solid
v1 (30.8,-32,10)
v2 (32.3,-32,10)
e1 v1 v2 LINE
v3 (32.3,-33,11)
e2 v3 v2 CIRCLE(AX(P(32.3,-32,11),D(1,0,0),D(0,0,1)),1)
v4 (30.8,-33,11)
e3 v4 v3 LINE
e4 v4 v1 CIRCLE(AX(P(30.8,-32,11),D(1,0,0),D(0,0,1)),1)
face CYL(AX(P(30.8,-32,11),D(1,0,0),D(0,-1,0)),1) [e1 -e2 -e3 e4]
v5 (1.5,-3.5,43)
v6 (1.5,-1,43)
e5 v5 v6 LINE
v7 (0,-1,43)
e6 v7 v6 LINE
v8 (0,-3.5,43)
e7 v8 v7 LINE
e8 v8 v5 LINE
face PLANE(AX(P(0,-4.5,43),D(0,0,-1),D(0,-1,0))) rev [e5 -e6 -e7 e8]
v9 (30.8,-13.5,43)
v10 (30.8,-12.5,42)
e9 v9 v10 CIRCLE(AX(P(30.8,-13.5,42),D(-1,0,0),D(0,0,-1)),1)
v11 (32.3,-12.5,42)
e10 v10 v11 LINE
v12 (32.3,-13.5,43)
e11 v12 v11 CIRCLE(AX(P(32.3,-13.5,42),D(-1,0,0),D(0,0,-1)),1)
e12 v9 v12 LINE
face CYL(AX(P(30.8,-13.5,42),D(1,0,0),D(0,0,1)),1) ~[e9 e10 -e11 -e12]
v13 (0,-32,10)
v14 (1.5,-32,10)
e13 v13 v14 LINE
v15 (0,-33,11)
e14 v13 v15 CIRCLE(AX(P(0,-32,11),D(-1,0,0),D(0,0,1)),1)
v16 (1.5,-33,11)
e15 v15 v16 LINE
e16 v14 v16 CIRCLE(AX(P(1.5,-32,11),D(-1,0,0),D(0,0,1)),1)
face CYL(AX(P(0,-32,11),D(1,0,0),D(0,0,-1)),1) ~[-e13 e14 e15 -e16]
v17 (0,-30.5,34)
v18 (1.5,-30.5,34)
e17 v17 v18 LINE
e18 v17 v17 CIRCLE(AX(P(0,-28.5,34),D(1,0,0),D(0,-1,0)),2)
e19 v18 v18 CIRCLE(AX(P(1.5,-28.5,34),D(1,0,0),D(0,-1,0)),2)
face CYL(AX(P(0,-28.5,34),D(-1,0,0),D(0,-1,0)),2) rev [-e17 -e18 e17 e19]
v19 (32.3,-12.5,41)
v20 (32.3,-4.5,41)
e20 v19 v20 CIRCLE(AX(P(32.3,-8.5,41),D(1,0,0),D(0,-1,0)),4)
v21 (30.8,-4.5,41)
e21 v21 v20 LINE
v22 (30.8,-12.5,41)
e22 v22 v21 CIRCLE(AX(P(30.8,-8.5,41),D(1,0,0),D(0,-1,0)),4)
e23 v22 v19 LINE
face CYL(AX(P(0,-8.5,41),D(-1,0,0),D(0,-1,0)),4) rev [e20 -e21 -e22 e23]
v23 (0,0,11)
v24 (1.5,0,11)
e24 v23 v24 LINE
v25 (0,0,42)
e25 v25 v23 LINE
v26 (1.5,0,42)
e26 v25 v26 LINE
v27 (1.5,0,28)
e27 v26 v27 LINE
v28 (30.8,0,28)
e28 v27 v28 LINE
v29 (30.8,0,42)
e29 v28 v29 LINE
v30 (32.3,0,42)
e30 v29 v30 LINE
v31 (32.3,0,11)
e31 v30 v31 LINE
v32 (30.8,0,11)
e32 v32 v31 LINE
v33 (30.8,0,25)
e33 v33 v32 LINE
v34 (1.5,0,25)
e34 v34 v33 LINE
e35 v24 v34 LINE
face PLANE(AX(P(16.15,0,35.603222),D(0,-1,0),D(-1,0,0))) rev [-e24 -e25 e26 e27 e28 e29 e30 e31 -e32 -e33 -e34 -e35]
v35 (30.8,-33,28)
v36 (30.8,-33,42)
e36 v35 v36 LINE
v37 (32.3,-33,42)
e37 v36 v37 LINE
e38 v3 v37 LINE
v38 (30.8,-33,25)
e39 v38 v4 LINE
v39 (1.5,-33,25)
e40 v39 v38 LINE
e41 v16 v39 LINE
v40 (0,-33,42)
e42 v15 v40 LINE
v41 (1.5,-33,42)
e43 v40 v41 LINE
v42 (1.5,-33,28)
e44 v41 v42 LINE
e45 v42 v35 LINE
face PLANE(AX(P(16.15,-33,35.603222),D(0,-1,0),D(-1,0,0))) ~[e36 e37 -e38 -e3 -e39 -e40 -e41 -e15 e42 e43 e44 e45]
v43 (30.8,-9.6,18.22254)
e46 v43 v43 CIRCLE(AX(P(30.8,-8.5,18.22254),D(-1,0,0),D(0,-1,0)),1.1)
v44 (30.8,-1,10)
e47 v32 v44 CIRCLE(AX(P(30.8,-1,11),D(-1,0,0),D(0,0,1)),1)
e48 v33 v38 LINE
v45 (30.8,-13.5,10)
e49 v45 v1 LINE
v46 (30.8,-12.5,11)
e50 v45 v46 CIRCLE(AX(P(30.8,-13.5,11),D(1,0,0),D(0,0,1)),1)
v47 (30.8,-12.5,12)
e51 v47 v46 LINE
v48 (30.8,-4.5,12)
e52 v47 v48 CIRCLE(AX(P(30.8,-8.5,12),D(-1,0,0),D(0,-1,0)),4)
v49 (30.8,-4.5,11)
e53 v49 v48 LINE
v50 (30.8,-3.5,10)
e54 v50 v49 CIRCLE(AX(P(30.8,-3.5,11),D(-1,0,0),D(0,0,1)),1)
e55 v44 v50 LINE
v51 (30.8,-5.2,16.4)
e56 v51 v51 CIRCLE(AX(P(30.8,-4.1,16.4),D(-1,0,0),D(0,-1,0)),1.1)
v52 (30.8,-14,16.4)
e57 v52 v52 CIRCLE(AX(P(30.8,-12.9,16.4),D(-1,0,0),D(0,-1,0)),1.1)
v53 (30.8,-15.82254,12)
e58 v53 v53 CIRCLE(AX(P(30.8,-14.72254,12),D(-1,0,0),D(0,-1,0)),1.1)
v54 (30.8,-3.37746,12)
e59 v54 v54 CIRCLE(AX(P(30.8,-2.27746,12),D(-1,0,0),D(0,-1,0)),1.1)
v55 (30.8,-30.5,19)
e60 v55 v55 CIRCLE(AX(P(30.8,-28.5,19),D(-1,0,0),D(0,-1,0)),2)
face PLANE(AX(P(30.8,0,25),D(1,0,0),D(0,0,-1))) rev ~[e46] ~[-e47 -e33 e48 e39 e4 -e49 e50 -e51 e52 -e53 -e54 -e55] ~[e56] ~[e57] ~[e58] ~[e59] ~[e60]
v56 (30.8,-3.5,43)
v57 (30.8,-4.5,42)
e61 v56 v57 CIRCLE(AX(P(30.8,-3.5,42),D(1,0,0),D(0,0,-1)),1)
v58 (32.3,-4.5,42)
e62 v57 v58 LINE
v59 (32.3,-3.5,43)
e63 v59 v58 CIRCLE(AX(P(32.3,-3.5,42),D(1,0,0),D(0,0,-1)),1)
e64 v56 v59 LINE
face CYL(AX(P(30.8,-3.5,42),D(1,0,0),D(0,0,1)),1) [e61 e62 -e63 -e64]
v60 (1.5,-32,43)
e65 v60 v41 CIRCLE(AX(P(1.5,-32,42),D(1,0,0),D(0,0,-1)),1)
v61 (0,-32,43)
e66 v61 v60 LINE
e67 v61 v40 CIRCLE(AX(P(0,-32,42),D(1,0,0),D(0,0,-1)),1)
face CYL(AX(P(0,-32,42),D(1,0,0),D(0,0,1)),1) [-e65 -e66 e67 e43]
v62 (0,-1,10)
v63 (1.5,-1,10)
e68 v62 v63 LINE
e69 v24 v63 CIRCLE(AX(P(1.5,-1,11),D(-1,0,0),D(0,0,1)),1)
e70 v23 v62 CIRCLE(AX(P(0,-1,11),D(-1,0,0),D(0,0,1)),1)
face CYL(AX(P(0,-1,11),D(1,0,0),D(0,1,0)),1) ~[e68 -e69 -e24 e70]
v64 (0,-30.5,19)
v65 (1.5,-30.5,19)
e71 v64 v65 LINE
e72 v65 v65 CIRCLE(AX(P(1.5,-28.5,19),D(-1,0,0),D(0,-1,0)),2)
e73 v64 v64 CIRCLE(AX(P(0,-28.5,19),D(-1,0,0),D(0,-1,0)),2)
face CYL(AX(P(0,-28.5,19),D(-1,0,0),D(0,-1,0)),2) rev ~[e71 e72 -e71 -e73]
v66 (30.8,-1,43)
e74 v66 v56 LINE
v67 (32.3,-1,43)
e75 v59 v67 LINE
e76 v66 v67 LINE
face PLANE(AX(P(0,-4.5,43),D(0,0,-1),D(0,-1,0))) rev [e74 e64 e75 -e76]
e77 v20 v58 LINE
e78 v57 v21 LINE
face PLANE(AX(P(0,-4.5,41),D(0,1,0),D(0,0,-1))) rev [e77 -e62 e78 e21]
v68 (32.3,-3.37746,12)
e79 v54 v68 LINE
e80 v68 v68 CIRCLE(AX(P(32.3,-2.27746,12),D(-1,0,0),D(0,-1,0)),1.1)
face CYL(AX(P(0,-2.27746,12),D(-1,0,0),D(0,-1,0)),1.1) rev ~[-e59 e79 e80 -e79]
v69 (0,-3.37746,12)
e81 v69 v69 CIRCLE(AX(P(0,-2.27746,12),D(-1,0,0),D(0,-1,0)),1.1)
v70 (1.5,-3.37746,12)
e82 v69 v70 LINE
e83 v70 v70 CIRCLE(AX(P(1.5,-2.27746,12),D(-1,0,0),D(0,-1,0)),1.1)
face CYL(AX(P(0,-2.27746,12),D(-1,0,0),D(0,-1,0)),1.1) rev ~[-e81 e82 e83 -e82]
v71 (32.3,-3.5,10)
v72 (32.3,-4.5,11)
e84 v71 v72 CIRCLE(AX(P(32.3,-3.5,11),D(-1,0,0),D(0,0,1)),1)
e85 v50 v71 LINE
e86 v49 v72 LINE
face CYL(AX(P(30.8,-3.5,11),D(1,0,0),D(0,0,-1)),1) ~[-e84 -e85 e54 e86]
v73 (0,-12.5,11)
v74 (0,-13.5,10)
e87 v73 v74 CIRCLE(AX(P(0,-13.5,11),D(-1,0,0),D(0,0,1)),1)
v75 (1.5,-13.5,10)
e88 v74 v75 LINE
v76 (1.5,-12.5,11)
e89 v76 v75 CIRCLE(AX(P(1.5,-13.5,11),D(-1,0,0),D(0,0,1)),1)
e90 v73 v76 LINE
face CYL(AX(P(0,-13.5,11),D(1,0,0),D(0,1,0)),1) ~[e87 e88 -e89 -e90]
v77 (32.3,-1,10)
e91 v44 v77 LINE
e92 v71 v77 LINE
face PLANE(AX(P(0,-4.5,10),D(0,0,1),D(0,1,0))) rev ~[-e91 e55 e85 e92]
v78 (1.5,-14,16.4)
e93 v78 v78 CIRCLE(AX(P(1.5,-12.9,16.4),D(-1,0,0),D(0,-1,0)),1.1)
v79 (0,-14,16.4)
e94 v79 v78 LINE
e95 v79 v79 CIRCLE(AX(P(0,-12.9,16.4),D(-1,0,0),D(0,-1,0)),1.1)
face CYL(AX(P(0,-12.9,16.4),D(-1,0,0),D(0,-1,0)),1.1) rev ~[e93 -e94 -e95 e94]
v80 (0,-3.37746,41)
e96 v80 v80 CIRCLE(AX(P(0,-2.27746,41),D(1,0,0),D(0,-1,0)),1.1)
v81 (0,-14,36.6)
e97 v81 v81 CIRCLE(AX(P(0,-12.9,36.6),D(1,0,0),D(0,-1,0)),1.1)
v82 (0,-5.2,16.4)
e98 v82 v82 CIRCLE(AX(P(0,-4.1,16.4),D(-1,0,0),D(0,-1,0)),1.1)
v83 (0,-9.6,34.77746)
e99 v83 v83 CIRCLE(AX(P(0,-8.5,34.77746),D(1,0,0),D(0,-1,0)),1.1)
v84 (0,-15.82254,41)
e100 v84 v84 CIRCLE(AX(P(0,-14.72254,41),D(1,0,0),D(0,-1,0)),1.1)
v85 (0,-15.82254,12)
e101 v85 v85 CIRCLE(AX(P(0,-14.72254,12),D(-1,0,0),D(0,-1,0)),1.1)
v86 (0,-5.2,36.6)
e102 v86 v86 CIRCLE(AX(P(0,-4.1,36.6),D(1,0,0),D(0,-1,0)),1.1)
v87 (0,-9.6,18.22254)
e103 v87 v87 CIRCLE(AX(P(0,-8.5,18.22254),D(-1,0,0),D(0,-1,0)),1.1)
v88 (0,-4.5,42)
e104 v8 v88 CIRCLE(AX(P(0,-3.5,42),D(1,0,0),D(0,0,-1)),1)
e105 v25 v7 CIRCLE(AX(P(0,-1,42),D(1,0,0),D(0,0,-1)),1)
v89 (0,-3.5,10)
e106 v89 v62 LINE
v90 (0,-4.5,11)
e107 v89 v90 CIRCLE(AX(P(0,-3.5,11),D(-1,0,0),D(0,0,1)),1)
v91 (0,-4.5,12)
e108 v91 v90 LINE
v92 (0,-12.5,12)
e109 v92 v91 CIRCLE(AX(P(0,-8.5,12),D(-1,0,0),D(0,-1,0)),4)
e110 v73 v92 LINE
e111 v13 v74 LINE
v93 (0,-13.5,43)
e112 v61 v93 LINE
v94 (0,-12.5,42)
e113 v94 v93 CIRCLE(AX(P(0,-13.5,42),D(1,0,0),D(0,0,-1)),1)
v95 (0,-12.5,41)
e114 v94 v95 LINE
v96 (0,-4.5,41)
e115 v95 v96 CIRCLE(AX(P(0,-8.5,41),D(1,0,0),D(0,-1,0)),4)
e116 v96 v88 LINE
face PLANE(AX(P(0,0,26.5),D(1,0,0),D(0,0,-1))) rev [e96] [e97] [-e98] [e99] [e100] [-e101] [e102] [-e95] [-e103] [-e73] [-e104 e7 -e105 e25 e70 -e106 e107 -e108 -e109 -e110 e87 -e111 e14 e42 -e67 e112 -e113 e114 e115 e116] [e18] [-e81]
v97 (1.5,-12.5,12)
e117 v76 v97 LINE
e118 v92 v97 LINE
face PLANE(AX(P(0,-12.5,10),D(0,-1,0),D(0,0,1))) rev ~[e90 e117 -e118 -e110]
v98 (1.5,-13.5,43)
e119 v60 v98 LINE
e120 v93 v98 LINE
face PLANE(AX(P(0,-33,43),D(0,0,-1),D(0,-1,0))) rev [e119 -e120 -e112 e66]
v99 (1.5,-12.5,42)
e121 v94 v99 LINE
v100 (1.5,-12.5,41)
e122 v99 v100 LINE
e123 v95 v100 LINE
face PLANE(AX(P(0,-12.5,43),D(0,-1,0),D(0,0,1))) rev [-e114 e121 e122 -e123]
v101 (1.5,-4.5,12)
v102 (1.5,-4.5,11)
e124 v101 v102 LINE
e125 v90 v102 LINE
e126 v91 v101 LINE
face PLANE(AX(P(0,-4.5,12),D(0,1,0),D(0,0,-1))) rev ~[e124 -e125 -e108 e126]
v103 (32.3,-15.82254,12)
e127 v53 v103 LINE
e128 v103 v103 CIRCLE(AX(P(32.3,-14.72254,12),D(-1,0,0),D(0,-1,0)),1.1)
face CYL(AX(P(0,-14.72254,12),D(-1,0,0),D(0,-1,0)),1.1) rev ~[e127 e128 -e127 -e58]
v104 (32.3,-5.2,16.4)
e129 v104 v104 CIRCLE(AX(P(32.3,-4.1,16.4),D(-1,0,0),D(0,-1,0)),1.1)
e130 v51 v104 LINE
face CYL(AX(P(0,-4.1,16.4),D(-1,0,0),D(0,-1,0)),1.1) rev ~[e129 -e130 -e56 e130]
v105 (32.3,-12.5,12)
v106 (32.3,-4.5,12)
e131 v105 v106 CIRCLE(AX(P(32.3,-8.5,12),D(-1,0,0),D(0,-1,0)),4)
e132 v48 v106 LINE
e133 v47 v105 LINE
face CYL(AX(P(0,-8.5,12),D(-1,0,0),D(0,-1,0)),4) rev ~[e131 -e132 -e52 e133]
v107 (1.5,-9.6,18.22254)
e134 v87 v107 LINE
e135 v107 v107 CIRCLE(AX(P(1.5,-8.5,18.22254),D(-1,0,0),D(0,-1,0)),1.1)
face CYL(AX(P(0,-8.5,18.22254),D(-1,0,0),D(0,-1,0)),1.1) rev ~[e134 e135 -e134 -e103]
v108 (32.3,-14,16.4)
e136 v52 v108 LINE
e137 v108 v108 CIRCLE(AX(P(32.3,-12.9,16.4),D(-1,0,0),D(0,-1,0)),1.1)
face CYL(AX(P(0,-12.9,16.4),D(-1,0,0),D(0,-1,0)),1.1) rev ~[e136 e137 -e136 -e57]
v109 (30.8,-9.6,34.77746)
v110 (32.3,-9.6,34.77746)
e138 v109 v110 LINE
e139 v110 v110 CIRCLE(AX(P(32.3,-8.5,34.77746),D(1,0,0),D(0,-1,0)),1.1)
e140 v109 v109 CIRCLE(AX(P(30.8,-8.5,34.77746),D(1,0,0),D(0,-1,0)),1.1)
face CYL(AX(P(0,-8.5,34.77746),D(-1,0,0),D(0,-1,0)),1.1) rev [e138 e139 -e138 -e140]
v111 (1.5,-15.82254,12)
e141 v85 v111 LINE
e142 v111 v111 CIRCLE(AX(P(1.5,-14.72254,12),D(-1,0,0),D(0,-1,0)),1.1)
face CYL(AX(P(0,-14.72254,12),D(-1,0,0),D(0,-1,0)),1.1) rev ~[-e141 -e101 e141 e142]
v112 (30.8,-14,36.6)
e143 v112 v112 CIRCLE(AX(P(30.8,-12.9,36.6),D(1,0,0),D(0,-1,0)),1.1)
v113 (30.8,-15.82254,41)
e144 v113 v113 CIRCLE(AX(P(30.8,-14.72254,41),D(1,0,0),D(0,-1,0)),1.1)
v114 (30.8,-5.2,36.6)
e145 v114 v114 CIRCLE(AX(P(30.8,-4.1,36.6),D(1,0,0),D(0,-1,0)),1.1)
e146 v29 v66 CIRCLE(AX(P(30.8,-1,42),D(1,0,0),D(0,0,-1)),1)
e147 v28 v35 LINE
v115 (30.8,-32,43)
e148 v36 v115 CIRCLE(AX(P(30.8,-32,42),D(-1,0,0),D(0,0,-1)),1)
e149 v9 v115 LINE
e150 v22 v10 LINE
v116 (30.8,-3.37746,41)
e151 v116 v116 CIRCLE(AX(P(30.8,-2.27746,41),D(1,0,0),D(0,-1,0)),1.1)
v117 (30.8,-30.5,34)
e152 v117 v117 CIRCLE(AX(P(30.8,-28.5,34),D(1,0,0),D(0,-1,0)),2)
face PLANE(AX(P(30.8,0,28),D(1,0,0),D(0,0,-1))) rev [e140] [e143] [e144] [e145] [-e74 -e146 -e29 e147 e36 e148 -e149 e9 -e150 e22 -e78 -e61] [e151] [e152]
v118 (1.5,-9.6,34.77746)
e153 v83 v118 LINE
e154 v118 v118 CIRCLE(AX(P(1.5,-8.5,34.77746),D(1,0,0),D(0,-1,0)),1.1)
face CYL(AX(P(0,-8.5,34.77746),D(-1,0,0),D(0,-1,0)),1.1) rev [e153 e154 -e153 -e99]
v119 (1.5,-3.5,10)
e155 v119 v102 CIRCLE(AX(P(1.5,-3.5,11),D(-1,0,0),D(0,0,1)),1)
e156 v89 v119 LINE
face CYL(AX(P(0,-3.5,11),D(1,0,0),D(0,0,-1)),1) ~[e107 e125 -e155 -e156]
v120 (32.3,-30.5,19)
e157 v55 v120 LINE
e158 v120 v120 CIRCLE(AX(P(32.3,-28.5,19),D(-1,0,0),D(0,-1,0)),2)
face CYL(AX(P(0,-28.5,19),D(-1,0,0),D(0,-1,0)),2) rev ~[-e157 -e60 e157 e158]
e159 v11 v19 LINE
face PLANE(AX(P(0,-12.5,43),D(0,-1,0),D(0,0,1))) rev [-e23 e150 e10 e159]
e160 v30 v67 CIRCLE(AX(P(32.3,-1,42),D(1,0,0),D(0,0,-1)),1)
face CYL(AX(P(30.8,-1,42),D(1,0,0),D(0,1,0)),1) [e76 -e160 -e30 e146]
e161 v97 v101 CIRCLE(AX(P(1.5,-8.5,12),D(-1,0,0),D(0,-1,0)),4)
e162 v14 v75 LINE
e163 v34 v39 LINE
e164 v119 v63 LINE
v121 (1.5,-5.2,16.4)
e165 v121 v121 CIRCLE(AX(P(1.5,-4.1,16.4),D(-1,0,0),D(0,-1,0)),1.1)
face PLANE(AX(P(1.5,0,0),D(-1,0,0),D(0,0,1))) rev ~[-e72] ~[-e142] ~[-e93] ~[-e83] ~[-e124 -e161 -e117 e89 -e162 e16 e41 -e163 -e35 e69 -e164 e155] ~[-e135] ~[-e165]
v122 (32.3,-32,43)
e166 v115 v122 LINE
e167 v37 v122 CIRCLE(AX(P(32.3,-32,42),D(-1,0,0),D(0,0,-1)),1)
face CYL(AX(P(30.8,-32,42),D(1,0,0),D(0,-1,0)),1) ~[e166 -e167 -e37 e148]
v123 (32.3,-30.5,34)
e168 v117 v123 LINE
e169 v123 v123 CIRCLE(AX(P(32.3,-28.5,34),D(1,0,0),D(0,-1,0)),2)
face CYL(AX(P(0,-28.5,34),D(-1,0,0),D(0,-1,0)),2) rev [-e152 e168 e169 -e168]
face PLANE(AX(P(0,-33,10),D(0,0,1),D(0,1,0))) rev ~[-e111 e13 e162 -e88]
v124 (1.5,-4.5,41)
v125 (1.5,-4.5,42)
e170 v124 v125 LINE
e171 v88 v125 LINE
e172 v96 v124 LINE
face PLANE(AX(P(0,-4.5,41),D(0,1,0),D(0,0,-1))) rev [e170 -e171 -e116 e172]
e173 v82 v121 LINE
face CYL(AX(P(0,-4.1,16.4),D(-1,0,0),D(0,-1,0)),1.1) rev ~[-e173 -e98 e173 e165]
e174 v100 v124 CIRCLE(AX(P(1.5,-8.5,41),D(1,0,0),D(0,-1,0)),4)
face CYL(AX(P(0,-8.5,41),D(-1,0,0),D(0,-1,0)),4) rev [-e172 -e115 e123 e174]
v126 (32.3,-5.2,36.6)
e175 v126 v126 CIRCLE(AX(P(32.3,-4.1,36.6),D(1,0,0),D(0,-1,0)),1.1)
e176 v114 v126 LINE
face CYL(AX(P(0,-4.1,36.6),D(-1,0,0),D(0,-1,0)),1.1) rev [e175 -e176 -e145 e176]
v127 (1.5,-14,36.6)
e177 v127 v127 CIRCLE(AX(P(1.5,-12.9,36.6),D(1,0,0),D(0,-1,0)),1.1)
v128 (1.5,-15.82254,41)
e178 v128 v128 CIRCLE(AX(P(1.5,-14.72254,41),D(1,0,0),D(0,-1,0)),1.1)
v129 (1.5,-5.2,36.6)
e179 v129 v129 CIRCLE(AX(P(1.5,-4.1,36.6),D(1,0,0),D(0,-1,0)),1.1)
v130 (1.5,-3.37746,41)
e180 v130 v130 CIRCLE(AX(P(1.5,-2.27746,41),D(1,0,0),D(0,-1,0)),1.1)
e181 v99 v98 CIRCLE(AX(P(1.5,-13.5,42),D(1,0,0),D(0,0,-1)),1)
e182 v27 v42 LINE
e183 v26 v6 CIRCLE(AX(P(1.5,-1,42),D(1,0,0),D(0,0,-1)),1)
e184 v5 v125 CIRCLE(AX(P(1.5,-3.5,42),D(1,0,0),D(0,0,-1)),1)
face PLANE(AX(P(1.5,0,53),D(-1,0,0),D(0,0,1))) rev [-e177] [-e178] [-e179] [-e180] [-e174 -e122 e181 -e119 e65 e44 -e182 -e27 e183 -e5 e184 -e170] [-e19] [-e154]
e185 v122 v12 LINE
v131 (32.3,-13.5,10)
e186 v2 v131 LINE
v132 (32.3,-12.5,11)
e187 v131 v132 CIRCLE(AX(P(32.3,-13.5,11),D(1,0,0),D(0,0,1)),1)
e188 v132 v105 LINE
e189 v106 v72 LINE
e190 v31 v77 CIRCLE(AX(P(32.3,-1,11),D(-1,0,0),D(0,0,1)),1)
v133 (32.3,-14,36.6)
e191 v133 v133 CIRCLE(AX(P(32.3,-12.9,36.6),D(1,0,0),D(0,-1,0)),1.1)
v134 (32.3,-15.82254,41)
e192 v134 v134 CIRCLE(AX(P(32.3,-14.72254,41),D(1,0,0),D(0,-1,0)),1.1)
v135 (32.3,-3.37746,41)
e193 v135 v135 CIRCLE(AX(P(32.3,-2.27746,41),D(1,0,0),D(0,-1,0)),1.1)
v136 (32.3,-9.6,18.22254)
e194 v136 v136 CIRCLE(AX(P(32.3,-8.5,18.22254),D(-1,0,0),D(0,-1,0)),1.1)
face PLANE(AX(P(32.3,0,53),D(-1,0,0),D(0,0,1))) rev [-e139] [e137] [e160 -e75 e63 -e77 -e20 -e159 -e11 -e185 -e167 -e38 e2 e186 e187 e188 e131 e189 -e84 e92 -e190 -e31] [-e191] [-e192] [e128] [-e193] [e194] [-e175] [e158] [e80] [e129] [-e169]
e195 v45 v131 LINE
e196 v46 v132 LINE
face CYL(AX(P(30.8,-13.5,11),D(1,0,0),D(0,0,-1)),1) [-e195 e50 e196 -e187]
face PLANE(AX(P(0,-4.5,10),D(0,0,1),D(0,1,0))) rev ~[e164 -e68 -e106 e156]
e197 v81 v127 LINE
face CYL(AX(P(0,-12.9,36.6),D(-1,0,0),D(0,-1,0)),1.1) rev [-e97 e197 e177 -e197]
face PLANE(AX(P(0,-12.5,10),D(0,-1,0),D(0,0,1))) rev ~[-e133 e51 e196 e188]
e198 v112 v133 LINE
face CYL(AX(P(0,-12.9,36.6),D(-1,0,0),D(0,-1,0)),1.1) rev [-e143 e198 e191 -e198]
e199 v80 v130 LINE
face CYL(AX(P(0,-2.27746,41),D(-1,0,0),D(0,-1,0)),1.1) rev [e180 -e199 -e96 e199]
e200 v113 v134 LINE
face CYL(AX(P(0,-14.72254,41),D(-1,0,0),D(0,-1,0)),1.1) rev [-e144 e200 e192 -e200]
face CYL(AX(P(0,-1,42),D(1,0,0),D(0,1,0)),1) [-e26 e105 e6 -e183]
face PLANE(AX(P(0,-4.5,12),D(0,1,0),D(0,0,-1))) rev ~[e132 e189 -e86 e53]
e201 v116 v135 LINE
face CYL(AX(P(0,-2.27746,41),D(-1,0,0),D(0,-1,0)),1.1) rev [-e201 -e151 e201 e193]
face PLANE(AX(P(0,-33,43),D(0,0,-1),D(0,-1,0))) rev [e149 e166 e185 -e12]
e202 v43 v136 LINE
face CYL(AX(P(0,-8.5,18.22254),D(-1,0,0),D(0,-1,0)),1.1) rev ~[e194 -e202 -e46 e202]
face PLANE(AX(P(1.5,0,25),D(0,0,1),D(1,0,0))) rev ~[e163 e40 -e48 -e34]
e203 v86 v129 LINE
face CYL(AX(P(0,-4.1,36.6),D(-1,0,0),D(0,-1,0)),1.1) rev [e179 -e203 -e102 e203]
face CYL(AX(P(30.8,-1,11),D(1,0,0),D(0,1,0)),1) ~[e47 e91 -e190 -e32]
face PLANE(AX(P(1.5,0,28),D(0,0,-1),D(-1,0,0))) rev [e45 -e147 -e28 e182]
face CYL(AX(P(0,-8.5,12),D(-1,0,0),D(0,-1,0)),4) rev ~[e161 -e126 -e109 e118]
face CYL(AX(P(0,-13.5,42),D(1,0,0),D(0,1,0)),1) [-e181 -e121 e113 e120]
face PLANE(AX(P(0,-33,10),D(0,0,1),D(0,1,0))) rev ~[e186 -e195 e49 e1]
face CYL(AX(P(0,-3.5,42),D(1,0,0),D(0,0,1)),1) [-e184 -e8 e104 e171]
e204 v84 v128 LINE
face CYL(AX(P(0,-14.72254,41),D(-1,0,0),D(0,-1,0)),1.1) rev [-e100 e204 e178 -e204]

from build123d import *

# Parameters (mm, degrees)
F1_DEPTH = 33
F2_R     = 1.1
F2_R_2   = 2
F3_DEPTH = 32.301
F4_R     = 1


with BuildPart() as f1:
    # F0 (on Front) → F1 (new body)
    with BuildSketch(Plane.XZ):
        Polygon((0, 26.5), (0, 0), (1.5, 0), (1.5, 25), (30.8, 25), (30.8, 0), (32.3, 0), (32.3, 26.5), align=None)
    extrude(amount=F1_DEPTH)

    # F2 (on face) → F3 (cut, through all)
    with BuildSketch(Plane(origin=(0, 0, 0), x_dir=(0, -1, 0), z_dir=(-1, 0, 0))):
        with BuildLine():
            Line((0, 10), (0, 0))
            Line((0, 0), (33, 0))
            Line((33, 0), (33, 10))
            Line((33, 10), (12.5, 10))
            Line((12.5, 10), (12.5, 12))
            ThreePointArc((12.5, 12), (8.5, 16), (4.5, 12))
            Line((4.5, 12), (4.5, 10))
            Line((4.5, 10), (0, 10))
        make_face()
        with Locations((14.7225396744, 12)):
            Circle(F2_R)
        with Locations((12.9, 16.4)):
            Circle(F2_R)
        with Locations((8.5, 18.2225396744)):
            Circle(F2_R)
        with Locations((4.1, 16.4)):
            Circle(F2_R)
        with Locations((2.2774603256, 12)):
            Circle(F2_R)
        with Locations((28.5, 19)):
            Circle(F2_R_2)
    extrude(amount=-F3_DEPTH, mode=Mode.SUBTRACT)

    # F4
    f4_edges = [f1.edges().sort_by_distance(p)[0] for p in [
        (31.55, 0, 10),
        (0.75, 0, 10),
        (0.75, -12.5, 10),
        (31.55, -12.5, 10),
        (0.75, -4.5, 10),
        (31.55, -4.5, 10),
        (0.75, -33, 10),
        (31.55, -33, 10),
    ]]
    fillet(f4_edges, radius=F4_R)

    # F6: F1 across plane


with BuildPart() as f1_1:
    add(f1.part)
    add(f1.part.mirror(Plane.XY.offset(26.5)))


solid = f1_1.part
